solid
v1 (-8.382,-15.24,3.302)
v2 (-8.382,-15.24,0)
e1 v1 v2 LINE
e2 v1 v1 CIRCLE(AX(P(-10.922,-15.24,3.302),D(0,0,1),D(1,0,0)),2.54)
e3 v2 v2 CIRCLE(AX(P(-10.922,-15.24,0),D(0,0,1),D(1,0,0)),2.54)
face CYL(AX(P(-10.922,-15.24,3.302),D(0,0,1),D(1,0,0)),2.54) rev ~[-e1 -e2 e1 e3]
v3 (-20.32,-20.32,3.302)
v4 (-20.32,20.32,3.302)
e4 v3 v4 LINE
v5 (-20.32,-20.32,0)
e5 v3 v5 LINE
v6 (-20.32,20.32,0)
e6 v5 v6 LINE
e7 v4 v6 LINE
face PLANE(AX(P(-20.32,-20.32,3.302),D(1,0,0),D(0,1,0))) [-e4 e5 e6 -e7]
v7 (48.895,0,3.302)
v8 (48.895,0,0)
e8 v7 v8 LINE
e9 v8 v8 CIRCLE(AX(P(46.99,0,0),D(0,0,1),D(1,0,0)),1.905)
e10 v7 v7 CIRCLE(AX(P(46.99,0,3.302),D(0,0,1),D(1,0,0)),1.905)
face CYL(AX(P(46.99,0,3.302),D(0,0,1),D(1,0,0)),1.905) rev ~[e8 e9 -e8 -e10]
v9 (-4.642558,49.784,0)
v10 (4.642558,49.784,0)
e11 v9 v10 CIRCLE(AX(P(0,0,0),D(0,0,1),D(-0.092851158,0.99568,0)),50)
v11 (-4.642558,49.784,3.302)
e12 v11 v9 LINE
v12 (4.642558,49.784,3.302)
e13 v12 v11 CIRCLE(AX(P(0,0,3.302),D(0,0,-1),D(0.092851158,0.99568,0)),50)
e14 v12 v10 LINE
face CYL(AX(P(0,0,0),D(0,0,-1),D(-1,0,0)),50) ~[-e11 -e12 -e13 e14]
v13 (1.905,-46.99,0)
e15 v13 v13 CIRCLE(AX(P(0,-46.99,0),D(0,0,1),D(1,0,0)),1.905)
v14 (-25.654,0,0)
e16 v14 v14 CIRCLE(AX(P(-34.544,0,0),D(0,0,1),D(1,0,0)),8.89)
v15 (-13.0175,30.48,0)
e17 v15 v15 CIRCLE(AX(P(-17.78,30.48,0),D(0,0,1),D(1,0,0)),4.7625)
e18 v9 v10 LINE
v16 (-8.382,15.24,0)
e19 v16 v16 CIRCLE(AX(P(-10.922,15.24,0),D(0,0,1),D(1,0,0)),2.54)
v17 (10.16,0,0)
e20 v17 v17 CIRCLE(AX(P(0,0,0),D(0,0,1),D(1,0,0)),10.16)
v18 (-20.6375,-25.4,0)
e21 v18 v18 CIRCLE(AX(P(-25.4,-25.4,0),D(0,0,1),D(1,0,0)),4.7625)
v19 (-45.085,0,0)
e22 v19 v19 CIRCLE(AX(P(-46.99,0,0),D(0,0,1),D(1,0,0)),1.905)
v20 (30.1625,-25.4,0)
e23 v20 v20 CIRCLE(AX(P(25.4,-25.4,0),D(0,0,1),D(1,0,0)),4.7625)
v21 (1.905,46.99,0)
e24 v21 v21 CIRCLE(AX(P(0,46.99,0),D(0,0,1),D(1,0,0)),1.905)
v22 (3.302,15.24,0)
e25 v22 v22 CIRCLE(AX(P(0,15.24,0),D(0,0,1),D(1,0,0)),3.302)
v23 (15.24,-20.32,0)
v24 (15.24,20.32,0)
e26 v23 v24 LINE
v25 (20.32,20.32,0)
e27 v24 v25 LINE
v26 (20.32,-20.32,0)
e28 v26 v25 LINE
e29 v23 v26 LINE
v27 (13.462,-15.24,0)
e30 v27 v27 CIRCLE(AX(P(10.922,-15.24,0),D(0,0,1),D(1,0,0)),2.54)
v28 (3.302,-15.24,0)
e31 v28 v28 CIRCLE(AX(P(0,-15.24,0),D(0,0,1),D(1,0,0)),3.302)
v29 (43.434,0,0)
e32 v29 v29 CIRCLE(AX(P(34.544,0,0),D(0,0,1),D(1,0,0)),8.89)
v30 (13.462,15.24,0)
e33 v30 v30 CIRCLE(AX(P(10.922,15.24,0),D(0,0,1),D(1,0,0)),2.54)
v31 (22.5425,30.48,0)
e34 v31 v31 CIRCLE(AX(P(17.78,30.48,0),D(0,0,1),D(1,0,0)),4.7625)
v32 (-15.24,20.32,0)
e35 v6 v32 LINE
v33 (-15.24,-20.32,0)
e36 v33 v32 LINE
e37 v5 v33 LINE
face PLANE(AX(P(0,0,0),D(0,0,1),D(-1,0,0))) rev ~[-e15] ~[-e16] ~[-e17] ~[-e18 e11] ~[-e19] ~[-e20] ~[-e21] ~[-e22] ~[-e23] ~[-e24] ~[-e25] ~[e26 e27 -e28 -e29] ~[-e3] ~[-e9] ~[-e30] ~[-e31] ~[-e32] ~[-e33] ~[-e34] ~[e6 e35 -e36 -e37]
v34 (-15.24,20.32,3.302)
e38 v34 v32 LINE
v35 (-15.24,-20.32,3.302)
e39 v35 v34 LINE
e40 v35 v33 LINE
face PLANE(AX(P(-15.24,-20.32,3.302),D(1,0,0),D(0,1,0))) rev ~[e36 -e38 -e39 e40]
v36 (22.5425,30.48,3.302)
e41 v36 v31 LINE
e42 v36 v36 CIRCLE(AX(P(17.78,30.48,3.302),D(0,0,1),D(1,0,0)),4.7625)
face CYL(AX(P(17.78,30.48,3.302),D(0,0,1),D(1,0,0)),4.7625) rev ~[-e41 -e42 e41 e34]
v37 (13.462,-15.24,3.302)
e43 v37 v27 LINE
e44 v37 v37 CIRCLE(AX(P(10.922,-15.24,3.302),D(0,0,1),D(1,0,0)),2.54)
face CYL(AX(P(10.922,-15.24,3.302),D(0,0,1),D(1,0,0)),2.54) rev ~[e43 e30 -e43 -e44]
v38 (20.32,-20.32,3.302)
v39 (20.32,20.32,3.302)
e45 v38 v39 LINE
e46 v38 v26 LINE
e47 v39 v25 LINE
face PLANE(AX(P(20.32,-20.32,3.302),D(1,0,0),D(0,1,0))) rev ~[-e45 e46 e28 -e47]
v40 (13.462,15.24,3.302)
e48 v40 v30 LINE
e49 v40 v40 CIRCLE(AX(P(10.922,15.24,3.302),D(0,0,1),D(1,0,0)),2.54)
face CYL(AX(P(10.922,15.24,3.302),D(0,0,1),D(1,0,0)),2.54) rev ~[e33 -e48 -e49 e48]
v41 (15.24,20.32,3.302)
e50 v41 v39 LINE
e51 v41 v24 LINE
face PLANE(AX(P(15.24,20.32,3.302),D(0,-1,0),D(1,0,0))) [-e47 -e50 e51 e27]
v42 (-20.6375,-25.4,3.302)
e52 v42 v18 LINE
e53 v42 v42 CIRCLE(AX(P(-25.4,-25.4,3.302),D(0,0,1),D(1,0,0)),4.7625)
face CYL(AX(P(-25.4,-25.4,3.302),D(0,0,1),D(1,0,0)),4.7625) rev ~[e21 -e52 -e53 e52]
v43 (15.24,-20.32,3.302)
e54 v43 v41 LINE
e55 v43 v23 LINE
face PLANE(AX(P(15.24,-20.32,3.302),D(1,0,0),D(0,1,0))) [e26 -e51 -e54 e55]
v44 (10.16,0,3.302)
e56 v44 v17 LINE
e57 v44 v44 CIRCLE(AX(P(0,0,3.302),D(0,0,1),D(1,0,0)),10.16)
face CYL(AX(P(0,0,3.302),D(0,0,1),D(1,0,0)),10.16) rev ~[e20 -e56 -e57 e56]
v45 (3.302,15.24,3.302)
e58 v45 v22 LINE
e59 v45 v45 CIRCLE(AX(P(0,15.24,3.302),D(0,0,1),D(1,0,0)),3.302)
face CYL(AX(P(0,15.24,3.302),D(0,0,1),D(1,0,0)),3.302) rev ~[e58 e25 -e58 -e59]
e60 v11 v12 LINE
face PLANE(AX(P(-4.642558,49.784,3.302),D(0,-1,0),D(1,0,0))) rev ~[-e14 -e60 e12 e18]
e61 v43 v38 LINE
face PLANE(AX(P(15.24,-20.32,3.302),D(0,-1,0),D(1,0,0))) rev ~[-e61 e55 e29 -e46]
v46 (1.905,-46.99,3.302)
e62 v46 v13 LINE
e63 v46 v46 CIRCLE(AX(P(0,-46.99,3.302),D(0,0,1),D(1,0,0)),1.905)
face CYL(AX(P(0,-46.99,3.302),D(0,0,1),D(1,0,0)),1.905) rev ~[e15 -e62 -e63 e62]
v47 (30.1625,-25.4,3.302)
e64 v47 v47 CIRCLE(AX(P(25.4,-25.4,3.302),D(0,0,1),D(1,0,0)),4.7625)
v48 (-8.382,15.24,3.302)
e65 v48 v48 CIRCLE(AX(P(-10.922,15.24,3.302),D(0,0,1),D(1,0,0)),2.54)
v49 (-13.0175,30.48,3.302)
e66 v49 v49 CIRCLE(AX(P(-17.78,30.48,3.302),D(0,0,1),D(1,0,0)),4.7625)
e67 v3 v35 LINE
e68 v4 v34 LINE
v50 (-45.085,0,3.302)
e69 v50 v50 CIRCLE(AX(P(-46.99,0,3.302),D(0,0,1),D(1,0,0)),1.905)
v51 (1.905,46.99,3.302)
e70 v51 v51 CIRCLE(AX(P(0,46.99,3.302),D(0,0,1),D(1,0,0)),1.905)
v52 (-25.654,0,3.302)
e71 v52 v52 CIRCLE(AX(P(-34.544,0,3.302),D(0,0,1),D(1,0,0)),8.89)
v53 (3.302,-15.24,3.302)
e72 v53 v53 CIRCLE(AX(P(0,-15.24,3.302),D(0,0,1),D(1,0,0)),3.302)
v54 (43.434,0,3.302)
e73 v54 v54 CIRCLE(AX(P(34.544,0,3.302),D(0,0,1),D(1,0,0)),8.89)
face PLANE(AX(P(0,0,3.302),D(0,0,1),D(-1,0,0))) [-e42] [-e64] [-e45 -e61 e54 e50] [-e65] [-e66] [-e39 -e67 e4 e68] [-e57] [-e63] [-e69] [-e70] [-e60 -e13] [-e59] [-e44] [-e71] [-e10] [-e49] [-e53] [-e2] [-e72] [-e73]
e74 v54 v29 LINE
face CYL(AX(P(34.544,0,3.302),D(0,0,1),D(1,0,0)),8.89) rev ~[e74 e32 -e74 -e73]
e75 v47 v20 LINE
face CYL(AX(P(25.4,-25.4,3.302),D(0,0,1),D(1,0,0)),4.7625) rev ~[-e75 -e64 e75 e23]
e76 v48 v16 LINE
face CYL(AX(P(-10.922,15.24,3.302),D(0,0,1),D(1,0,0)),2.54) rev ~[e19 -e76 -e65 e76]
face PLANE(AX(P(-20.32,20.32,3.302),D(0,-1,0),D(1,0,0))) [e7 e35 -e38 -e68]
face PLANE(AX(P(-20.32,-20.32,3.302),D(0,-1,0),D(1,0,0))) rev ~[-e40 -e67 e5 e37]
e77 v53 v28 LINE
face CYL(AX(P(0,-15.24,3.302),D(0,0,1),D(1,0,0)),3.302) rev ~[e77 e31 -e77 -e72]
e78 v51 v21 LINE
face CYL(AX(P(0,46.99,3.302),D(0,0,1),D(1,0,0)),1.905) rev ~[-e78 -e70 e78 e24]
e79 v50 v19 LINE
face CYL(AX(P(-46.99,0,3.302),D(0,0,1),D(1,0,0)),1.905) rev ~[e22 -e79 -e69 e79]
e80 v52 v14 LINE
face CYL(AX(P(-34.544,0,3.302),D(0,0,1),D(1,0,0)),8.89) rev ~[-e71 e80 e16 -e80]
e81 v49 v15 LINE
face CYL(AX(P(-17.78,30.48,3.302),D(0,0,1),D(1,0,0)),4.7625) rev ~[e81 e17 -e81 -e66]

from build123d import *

# Parameters (mm, degrees)
SKETCH_1_R          = 50
EXTRUDE_1_DEPTH     = 3.302
SKETCH_2_R          = 4.7625
CUT_EXTRUDE_1_DEPTH = 71.787733429
SKETCH_4_R          = 10.16
CUT_EXTRUDE_3_DEPTH = 71.787733429
SKETCH_3_W          = 9.285115832
SKETCH_3_H          = 8.046477463
CUT_EXTRUDE_2_DEPTH = 71.787733429
SKETCH_8_R          = 8.89
SKETCH_8_W          = 5.08
SKETCH_8_H          = 40.64
CUT_EXTRUDE_4_DEPTH = 71.787733429
SKETCH_9_R          = 2.54
SKETCH_9_R_2        = 3.302
CUT_EXTRUDE_5_DEPTH = 71.787733429
SKETCH_10_R         = 1.905
CUT_EXTRUDE_6_DEPTH = 71.787733429


with BuildPart() as part:
    # 草图1 → 凸台-拉伸1 (new body)
    with BuildSketch(Plane.XY):
        with Locations(Location((0, 0, 0), (0, 0, 180))):
            Circle(SKETCH_1_R)
    extrude(amount=EXTRUDE_1_DEPTH)

    # 草图2 → 切除-拉伸1 (cut, through all)
    with BuildSketch(Plane.XY.offset(3.302)):
        with Locations((-17.78, 30.48)):
            Circle(SKETCH_2_R)
        with Locations((-25.4, -25.4)):
            Circle(SKETCH_2_R)
        with Locations((25.4, -25.4)):
            Circle(SKETCH_2_R)
        with Locations((17.78, 30.48)):
            Circle(SKETCH_2_R)
    extrude(amount=-CUT_EXTRUDE_1_DEPTH, mode=Mode.SUBTRACT)

    # 草图4 → 切除-拉伸3 (cut, through all)
    with BuildSketch(Plane.XY.offset(3.302)):
        Circle(SKETCH_4_R)
    extrude(amount=-CUT_EXTRUDE_3_DEPTH, mode=Mode.SUBTRACT)

    # 草图3 → 切除-拉伸2 (cut, through all)
    with BuildSketch(Plane.XY.offset(3.302)):
        with Locations((0, 53.807238732)):
            Rectangle(SKETCH_3_W, SKETCH_3_H)
    extrude(amount=-CUT_EXTRUDE_2_DEPTH, mode=Mode.SUBTRACT)

    # 草图8 → 切除-拉伸4 (cut, through all)
    with BuildSketch(Plane.XY.offset(3.302)):
        with Locations((34.544, 0)):
            Circle(SKETCH_8_R)
        with Locations((-34.544, 0)):
            Circle(SKETCH_8_R)
        with Locations((17.78, 0)):
            Rectangle(SKETCH_8_W, SKETCH_8_H)
        with Locations((-17.78, 0)):
            Rectangle(SKETCH_8_W, SKETCH_8_H)
    extrude(amount=-CUT_EXTRUDE_4_DEPTH, mode=Mode.SUBTRACT)

    # 草图9 → 切除-拉伸5 (cut, through all)
    with BuildSketch(Plane.XY.offset(3.302)):
        with Locations((-10.922, 15.24)):
            Circle(SKETCH_9_R)
        with Locations((10.922, 15.24)):
            Circle(SKETCH_9_R)
        with Locations((-10.922, -15.24)):
            Circle(SKETCH_9_R)
        with Locations((10.922, -15.24)):
            Circle(SKETCH_9_R)
        with Locations((0, 15.24)):
            Circle(SKETCH_9_R_2)
        with Locations((0, -15.24)):
            Circle(SKETCH_9_R_2)
    extrude(amount=-CUT_EXTRUDE_5_DEPTH, mode=Mode.SUBTRACT)

    # 草图10 → 切除-拉伸6 (cut, through all)
    with BuildSketch(Plane.XY.offset(3.302)):
        with Locations((0, 46.99)):
            Circle(SKETCH_10_R)
        with Locations((46.99, 0)):
            Circle(SKETCH_10_R)
        with Locations((0, -46.99)):
            Circle(SKETCH_10_R)
        with Locations((-46.99, 0)):
            Circle(SKETCH_10_R)
    extrude(amount=-CUT_EXTRUDE_6_DEPTH, mode=Mode.SUBTRACT)


solid = part.part
